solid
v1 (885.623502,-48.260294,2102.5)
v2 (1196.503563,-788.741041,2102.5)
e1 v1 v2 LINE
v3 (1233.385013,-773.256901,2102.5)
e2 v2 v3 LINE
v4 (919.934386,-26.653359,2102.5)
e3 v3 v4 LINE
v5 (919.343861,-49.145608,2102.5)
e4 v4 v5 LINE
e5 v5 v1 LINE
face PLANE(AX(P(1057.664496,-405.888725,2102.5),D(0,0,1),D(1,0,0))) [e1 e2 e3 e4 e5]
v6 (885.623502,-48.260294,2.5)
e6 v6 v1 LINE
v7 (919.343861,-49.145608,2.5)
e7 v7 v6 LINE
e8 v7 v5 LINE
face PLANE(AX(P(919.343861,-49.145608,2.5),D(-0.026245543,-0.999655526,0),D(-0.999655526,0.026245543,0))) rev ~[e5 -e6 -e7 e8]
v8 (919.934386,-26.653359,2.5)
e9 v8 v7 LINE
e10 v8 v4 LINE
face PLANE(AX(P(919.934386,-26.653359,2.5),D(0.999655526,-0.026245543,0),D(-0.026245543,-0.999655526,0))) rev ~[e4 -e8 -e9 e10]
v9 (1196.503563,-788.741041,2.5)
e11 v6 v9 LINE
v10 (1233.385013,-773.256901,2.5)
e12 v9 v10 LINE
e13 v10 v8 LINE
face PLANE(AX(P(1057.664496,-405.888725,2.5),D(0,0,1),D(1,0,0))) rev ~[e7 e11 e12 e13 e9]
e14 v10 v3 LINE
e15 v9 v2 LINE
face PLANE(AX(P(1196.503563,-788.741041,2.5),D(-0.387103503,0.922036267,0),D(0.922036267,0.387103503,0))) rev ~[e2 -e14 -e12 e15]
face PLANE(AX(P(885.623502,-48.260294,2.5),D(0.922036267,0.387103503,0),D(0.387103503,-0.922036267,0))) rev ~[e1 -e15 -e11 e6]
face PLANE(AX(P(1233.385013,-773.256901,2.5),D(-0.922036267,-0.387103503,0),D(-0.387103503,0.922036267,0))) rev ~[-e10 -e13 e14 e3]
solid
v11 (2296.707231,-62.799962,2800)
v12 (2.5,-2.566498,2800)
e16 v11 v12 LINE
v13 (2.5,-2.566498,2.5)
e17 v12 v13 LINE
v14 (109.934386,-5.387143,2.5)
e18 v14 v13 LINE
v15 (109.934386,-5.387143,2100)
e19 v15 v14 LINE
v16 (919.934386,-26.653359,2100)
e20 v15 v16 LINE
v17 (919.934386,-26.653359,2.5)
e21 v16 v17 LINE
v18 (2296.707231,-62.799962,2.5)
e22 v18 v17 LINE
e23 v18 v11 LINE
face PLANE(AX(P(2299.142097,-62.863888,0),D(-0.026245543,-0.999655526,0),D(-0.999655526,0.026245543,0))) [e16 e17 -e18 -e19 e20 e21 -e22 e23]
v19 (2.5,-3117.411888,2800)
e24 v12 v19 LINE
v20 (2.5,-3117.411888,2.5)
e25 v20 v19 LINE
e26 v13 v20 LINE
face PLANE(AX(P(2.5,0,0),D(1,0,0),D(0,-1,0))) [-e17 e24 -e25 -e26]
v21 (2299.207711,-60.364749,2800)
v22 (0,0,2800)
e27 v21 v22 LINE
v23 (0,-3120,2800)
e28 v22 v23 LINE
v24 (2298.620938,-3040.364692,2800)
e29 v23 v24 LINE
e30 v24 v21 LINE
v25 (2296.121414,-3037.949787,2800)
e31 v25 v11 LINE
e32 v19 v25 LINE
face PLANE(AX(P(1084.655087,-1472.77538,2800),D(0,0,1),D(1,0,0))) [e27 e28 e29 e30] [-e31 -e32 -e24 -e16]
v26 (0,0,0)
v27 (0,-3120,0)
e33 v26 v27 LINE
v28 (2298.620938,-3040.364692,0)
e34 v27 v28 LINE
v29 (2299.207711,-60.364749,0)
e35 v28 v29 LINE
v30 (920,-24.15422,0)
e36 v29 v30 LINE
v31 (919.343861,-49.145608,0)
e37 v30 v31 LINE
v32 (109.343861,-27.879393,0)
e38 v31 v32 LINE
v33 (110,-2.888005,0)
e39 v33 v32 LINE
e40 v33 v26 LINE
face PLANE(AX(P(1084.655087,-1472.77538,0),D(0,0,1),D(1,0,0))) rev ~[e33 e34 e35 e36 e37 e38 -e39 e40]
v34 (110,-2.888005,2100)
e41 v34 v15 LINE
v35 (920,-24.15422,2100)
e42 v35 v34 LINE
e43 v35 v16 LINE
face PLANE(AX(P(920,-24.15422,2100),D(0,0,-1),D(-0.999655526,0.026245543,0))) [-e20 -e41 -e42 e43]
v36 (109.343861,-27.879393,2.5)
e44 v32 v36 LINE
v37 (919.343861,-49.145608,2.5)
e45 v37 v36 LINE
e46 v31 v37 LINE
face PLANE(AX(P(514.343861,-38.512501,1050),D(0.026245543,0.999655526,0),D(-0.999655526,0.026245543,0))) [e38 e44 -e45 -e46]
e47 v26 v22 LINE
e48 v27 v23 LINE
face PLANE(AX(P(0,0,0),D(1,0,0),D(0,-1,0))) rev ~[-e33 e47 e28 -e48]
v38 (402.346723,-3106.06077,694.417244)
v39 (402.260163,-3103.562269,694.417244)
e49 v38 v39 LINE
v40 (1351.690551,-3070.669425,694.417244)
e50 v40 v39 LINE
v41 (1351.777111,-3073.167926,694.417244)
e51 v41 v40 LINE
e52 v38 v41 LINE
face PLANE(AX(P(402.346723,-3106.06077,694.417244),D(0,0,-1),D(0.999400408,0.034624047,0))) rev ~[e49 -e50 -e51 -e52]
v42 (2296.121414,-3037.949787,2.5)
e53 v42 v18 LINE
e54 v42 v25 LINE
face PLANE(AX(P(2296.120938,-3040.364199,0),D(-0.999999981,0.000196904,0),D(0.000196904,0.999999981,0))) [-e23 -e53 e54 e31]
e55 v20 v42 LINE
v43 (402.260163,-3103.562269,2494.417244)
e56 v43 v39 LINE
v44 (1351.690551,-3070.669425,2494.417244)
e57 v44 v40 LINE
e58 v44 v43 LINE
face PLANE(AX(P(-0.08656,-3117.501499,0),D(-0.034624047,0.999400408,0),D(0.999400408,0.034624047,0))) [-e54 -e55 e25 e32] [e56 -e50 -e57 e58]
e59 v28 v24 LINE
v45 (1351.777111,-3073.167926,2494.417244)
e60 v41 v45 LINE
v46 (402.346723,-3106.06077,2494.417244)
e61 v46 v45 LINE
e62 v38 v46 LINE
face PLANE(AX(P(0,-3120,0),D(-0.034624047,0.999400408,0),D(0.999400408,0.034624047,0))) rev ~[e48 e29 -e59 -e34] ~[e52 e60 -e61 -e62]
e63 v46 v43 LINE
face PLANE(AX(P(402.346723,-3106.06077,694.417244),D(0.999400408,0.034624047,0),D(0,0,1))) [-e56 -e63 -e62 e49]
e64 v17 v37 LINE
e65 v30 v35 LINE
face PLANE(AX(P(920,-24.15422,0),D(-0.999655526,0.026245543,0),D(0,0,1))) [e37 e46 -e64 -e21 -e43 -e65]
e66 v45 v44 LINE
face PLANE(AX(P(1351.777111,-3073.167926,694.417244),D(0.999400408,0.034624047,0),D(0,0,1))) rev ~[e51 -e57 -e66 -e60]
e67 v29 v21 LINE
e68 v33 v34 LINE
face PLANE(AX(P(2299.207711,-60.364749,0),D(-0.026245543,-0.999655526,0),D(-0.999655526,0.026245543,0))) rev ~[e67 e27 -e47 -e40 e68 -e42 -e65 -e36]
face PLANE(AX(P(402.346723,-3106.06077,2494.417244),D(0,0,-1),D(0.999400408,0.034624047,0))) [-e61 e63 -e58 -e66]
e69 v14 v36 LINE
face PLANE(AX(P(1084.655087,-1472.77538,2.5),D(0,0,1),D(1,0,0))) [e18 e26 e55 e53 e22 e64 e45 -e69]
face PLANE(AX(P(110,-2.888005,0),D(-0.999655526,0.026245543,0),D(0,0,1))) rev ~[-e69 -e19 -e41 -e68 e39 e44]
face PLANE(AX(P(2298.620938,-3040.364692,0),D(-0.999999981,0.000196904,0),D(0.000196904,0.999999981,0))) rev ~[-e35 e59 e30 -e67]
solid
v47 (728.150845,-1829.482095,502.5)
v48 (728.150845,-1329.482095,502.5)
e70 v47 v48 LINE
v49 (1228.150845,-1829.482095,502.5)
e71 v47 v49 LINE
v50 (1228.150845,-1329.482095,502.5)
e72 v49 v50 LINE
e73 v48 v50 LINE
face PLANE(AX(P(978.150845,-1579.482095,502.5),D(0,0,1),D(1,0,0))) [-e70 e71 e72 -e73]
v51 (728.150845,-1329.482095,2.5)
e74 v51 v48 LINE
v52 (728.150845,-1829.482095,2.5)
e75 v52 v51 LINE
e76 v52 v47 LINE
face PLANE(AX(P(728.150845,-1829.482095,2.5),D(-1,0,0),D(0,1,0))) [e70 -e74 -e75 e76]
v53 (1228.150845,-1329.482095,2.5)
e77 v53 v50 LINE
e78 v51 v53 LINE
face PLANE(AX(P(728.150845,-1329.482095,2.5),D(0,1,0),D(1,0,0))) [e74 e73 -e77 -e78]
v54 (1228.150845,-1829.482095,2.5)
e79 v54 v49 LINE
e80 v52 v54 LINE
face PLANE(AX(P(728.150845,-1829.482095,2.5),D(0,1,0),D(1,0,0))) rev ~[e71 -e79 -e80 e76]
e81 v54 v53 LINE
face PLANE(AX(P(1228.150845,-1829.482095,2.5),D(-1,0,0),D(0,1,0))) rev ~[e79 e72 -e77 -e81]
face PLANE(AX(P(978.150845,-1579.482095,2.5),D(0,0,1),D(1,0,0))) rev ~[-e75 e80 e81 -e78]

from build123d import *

# Parameters (mm, degrees)
F1_DEPTH  = 2800
F3_T      = -2.5
F2_W      = 810.2791197664
F2_H      = 2100
F4_DEPTH  = 25
F5_W      = 950
F5_H      = 1800
F6_DEPTH  = 25
F8_DEPTH  = 2100
F9_W      = 500
F9_H      = 500
F10_DEPTH = 500


with BuildPart() as f1:
    # F0 (on Top) → F1 (new body)
    with BuildSketch(Plane.XY):
        with BuildLine():
            Line((0, 0), (0, -3120))
            Line((0, -3120), (2298.6209382309, -3040.3646917089))
            Line((2298.6209382309, -3040.3646917089), (2299.207710717, -60.3647494777))
            Line((2299.207710717, -60.3647494777), (979.207710717, -25.70869429))
            Line((979.207710717, -25.70869429), (920, -24.1542202823))
            Line((920, -24.1542202823), (920, -834.4333400488))
            ThreePointArc((920, -834.4333400488), (339.5760935083, -589.5393462827), (110, -2.888004599))
            Line((110, -2.888004599), (0, 0))
        make_face()
        with BuildLine():
            Line((920, -24.1542202823), (110, -2.888004599))
            ThreePointArc((110, -2.888004599), (339.5760935083, -589.5393462827), (920, -834.4333400488))
            Line((920, -834.4333400488), (920, -24.1542202823))
        make_face()
    extrude(amount=F1_DEPTH)

    # F3
    f3_openings = [f1.faces().sort_by_distance(p)[0] for p in [
        (1140.663346, -1555.152855, 2800),
    ]]
    offset(amount=F3_T, openings=f3_openings)

    # F2 (on face) → F4 (cut)
    with BuildSketch(Plane(origin=(0, 0, 0), x_dir=(-0.9996555264, 0.0262455433, 0), z_dir=(0.0262455433, 0.9996555264, 0))):
        with Locations((-515.1774650367, 1050)):
            Rectangle(F2_W, F2_H)
    extrude(amount=-F4_DEPTH, mode=Mode.SUBTRACT)

    # F5 (on face) → F6 (cut)
    with BuildSketch(Plane(origin=(107.9622547502, -3116.2596671344, 0), x_dir=(0.9994004079, 0.0346240471, 0), z_dir=(0.0346240471, -0.9994004079, 0))):
        with Locations((769.5610850299, 1594.4172442177)):
            Rectangle(F5_W, F5_H)
    extrude(amount=-F6_DEPTH, mode=Mode.SUBTRACT)


with BuildPart() as f8:
    # F7 (on face) → F8 (new body)
    with BuildSketch(Plane.XY.offset(2.5)):
        Polygon((1233.385013391, -773.2569011416), (919.9343861419, -26.6533590983), (919.3438614187, -49.1456084423), (885.623501836, -48.2602943191), (1196.5035627008, -788.7410412531), align=None)
    extrude(amount=F8_DEPTH)


with BuildPart() as f10:
    # F9 (on face) → F10 (new body)
    with BuildSketch(Plane.XY.offset(2.5)):
        with Locations((978.150844574, -1579.4820951094)):
            Rectangle(F9_W, F9_H)
    extrude(amount=F10_DEPTH)


solid = Compound([f1.part, f8.part, f10.part])
